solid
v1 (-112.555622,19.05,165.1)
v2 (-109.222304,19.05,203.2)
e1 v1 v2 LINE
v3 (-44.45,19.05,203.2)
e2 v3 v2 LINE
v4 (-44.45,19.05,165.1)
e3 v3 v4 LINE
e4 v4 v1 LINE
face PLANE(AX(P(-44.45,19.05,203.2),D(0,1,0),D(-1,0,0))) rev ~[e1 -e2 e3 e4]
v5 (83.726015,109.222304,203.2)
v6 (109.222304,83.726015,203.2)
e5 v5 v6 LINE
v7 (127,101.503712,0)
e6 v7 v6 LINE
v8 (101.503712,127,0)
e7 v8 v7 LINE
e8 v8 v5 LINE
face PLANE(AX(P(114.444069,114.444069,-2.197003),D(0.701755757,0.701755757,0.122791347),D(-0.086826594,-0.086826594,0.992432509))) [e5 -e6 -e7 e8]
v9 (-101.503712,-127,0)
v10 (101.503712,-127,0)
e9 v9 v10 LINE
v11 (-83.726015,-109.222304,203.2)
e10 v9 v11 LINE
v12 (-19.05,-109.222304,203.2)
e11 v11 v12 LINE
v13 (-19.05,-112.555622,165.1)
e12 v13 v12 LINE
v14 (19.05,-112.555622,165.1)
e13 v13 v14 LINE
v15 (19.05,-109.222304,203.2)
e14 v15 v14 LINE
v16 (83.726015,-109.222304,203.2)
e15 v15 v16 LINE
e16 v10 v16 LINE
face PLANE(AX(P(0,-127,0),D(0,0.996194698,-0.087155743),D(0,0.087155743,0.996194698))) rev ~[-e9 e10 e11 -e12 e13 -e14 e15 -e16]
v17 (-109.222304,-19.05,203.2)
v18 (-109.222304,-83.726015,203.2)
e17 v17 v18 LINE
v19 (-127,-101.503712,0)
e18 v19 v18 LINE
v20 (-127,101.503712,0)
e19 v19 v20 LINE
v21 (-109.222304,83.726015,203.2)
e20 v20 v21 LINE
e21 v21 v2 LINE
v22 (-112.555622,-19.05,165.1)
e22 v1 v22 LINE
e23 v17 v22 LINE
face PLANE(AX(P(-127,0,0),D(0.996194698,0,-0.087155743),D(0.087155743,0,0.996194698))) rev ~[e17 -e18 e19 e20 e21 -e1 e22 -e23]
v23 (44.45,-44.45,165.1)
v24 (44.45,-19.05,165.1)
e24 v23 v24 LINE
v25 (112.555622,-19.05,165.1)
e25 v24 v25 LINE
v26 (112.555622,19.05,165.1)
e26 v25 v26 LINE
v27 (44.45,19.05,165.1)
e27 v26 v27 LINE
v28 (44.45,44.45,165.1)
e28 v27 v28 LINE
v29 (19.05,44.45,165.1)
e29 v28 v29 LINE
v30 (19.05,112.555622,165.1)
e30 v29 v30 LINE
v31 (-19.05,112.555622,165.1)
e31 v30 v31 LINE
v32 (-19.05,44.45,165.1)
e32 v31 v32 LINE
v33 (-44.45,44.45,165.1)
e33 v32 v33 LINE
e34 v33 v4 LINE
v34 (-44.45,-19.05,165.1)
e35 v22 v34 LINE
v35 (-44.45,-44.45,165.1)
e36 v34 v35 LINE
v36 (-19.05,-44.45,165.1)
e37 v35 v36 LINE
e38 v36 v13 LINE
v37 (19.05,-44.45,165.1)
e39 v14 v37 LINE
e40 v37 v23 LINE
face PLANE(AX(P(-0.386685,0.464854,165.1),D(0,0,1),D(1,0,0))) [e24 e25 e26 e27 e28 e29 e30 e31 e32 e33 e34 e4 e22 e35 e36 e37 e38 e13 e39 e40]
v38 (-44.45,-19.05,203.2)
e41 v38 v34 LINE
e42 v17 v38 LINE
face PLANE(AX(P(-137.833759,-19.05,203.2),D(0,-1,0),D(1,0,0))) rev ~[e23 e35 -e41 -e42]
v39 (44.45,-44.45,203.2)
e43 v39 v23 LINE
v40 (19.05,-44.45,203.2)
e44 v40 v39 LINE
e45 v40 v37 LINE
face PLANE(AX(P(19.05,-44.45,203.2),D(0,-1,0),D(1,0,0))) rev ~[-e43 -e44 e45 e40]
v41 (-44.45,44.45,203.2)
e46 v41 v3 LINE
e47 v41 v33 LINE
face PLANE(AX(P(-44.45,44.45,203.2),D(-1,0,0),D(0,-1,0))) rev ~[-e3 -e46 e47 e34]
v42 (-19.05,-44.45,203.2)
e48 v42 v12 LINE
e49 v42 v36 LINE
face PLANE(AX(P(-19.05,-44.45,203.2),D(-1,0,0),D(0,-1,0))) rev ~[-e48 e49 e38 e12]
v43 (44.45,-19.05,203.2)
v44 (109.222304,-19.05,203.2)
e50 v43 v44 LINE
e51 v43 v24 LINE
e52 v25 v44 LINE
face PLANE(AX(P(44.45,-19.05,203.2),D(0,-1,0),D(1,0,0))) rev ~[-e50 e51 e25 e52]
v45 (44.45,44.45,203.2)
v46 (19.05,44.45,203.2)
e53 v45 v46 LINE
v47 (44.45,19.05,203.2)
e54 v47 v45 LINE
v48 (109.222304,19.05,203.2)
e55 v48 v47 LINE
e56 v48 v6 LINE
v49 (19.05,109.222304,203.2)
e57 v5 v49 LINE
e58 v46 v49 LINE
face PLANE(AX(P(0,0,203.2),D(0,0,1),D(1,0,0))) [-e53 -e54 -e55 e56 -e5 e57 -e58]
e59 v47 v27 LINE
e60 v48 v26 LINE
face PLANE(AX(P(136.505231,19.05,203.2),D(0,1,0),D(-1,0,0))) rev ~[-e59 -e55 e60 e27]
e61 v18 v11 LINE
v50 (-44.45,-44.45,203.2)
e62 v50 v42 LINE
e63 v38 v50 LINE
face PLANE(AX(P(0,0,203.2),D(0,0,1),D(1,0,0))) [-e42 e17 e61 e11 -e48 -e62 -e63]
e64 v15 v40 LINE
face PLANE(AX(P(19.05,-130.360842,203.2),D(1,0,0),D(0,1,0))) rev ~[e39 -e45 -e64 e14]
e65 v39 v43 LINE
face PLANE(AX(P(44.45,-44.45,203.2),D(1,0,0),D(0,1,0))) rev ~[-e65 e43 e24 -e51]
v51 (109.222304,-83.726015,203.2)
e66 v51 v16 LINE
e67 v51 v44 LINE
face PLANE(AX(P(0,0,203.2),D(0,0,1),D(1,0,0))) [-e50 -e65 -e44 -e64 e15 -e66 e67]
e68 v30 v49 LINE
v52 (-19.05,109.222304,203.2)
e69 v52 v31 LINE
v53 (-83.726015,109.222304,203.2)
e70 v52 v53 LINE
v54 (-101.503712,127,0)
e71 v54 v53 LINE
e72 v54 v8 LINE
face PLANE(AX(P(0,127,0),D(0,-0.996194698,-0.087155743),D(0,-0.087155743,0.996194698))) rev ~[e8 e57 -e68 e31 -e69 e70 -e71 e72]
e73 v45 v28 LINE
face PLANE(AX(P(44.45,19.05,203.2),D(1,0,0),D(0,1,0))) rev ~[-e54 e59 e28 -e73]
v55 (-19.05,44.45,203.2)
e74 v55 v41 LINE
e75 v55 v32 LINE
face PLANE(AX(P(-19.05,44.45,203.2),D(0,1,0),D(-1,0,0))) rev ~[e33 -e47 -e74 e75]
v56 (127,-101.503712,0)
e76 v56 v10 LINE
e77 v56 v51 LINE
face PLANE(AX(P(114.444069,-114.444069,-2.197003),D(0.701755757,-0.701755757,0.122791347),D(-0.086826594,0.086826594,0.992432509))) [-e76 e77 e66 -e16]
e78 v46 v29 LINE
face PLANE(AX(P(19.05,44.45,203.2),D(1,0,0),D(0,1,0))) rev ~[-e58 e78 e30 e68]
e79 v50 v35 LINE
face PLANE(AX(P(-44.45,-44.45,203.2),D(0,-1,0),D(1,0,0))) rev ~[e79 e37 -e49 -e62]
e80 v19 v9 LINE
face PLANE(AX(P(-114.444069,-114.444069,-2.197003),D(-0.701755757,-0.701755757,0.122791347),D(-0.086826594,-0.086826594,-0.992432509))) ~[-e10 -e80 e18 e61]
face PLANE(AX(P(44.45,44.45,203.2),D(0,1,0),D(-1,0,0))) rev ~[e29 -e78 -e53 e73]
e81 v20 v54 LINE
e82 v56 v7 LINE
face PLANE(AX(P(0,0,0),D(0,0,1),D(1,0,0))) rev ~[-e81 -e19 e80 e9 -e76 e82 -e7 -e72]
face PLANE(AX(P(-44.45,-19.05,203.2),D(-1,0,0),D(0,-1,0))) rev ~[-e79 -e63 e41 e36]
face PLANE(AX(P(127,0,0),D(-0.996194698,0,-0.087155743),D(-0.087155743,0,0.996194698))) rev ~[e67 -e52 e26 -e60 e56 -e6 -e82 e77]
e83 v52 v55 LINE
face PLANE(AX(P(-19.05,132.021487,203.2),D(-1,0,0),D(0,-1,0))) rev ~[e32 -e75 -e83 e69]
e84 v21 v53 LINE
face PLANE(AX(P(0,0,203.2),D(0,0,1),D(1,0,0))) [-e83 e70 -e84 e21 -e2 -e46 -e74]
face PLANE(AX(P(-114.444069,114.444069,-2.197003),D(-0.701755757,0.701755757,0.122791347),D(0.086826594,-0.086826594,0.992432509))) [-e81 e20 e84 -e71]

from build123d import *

# Parameters (mm, degrees)
F0_W     = 254
F0_H     = 254
F1_DEPTH = 203.2
F1_TAPER = 5
F2_SIZE  = 25.4
F4_DEPTH = 38.1


with BuildPart() as f1:
    # F0 (on Top) → F1 (new body)
    with BuildSketch(Plane.XY):
        Rectangle(F0_W, F0_H)
    extrude(amount=F1_DEPTH, taper=F1_TAPER)

    # F2
    f2_edges = [f1.edges().sort_by_distance(p)[0] for p in [
        (-118.111152, -118.111152, 101.6),
        (118.111152, -118.111152, 101.6),
        (118.111152, 118.111152, 101.6),
        (-118.111152, 118.111152, 101.6),
    ]]
    chamfer(f2_edges, length=F2_SIZE)

    # F3 (on face) → F4 (cut)
    with BuildSketch(Plane.XY.offset(203.2)):
        Polygon((19.05, 44.45), (19.05, 132.0214867592), (-19.05, 132.0214867592), (-19.05, 44.45), (-44.45, 44.45), (-44.45, 19.05), (-137.8337591887, 19.05), (-137.8337591887, -19.05), (-44.45, -19.05), (-44.45, -44.45), (-19.05, -44.45), (-19.05, -130.3608417511), (19.05, -130.3608417511), (19.05, -44.45), (44.45, -44.45), (44.45, -19.05), (136.5052312613, -19.05), (136.5052312613, 19.05), (44.45, 19.05), (44.45, 44.45), align=None)
    extrude(amount=-F4_DEPTH, mode=Mode.SUBTRACT)


solid = f1.part
